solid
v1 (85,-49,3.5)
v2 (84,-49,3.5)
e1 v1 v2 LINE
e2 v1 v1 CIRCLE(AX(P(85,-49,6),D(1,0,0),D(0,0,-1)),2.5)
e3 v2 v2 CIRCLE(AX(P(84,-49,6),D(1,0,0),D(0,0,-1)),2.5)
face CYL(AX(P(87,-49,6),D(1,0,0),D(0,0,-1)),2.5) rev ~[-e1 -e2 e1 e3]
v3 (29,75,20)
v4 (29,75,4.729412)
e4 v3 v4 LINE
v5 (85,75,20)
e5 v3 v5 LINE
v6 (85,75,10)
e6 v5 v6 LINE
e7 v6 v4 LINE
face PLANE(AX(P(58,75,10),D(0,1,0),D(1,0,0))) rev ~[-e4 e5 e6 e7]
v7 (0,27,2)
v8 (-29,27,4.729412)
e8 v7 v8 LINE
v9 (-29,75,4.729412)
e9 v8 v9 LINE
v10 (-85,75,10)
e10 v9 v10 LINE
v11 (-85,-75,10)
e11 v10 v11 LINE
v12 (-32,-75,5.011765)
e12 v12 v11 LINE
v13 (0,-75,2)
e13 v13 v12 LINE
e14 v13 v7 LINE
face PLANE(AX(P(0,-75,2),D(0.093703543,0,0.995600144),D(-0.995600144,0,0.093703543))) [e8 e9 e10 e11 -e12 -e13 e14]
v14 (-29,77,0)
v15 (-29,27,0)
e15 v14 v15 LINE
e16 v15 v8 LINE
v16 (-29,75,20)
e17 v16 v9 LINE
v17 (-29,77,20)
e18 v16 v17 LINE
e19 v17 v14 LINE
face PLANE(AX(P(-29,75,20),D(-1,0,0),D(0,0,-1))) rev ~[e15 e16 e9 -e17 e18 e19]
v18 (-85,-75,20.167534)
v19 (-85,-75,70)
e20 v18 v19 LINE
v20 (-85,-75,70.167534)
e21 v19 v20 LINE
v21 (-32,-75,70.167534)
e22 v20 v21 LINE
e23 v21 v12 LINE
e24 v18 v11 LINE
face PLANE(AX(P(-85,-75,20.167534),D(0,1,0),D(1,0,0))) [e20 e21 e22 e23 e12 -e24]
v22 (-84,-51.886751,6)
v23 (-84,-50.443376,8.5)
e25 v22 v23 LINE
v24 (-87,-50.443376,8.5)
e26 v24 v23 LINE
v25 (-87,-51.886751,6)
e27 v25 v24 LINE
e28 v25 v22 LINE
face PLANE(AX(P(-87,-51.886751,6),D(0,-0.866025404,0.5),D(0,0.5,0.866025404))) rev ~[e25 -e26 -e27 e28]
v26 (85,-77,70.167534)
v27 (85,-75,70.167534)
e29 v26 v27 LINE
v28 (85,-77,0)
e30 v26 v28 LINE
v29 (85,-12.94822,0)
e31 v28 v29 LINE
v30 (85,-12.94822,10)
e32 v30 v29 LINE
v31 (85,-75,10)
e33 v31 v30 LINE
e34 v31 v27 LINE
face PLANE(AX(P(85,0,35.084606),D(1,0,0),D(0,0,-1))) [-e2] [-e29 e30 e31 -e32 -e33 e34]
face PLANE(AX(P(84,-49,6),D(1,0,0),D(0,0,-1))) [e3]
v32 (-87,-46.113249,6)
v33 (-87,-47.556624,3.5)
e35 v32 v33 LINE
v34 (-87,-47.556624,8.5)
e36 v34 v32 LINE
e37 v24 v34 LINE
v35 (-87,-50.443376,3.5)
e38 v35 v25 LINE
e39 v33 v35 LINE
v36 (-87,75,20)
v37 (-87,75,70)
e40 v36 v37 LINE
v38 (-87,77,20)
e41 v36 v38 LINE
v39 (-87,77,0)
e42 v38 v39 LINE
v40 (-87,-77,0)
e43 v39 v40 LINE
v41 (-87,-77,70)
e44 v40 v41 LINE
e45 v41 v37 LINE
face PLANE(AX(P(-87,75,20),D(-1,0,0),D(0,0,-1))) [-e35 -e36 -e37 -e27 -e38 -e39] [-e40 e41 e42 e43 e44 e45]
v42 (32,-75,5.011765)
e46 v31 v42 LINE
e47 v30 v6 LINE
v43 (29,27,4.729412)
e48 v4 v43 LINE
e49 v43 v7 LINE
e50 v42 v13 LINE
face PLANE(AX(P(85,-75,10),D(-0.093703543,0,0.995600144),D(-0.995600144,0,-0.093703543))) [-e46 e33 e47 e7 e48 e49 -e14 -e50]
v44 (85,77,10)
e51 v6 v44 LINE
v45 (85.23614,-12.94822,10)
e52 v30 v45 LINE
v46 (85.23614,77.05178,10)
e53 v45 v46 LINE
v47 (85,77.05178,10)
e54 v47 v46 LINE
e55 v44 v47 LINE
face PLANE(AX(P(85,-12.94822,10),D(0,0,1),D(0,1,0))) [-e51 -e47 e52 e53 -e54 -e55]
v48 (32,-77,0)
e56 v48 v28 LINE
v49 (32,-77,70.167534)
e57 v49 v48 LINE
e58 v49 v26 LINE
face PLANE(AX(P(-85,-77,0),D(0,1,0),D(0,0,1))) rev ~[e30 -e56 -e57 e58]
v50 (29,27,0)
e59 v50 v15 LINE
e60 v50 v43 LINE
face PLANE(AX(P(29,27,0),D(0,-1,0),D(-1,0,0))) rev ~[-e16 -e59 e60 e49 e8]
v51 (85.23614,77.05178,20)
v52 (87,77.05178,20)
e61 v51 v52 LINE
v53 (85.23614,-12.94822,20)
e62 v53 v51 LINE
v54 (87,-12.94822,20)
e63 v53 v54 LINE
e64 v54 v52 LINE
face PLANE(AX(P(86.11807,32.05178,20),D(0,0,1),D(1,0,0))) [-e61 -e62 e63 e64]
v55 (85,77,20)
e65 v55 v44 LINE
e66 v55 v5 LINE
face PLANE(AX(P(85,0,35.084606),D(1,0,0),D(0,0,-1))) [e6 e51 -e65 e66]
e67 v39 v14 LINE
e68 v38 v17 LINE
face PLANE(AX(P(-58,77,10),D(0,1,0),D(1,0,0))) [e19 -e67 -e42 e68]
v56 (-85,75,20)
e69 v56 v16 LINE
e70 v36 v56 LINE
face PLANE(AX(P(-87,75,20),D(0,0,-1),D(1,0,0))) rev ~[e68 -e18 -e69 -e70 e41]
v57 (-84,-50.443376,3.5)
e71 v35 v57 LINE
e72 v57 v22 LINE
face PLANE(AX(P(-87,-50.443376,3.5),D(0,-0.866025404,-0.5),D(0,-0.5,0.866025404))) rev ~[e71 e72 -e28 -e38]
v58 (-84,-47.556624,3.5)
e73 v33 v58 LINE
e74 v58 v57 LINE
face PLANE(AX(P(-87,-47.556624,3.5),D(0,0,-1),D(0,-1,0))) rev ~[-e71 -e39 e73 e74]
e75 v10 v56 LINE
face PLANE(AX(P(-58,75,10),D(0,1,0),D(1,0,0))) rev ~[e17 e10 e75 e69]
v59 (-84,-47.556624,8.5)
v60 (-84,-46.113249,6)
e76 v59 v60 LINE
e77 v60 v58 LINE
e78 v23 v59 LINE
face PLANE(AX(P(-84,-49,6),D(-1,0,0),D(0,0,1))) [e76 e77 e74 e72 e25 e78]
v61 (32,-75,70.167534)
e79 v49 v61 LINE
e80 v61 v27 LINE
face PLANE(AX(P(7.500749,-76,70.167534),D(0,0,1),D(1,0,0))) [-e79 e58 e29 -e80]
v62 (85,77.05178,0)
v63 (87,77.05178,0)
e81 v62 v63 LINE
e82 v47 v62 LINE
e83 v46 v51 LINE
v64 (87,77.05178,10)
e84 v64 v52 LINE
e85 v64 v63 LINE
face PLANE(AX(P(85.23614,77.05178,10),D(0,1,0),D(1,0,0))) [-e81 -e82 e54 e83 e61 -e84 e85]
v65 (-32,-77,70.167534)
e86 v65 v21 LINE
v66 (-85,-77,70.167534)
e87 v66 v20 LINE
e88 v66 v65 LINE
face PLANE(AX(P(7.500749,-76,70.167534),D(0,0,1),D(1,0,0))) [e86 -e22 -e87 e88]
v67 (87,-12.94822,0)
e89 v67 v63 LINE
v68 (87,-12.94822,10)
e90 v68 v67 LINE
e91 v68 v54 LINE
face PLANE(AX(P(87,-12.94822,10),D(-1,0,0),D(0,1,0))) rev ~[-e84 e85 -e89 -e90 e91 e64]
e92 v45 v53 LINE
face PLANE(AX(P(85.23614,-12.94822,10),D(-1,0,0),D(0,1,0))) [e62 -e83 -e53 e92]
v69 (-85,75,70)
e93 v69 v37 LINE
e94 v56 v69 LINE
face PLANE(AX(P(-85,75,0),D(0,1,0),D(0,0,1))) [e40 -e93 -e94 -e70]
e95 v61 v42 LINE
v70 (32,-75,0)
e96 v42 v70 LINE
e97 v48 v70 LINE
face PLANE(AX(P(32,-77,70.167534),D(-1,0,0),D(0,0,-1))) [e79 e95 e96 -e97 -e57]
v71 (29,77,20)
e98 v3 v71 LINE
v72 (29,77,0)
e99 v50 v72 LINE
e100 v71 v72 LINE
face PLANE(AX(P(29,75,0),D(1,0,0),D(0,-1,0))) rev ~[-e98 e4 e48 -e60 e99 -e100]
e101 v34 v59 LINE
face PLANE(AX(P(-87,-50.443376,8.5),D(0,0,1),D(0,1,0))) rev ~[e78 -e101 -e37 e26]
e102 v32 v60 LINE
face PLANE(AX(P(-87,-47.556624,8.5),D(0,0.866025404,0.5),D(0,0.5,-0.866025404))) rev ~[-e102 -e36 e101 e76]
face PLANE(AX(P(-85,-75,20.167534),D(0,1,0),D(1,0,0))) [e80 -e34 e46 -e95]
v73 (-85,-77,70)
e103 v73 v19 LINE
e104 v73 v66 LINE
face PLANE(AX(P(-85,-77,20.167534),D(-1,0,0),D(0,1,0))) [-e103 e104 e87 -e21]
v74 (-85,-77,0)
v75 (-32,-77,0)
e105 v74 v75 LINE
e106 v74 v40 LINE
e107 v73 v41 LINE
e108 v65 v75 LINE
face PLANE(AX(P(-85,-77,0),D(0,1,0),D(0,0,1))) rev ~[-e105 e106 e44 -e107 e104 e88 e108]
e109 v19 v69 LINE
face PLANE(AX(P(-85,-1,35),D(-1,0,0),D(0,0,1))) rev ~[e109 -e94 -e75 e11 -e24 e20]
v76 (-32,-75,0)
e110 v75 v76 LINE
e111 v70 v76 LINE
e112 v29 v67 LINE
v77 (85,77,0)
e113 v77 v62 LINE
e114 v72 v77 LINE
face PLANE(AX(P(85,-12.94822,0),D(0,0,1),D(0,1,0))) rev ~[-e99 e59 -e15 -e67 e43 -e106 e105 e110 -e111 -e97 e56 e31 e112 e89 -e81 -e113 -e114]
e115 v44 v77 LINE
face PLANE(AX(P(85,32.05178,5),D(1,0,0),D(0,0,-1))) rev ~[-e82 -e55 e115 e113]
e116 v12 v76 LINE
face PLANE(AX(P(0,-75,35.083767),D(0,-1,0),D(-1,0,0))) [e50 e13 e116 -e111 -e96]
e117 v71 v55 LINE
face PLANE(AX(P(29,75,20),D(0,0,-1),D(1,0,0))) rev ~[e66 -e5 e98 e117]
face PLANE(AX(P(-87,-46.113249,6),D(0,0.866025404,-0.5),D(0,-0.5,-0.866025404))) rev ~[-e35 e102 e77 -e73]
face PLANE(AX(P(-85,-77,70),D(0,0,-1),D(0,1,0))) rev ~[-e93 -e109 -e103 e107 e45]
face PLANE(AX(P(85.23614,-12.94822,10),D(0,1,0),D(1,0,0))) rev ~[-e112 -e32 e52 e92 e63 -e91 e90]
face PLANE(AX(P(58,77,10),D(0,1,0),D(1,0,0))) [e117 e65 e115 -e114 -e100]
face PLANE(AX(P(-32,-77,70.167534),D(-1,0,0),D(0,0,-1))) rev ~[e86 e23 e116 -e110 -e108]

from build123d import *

# Parameters (mm, degrees)
BOSS_EXTRU_1_DEPTH       = 10
ENL_V_MAT_EXTRU_1_DEPTH  = 173.699160392
ESQUISSE6_W              = 170
ESQUISSE6_H              = 20.167534305
BOSS_EXTRU_2_DEPTH       = 2
ESQUISSE8_W              = 185.001498893
ESQUISSE8_H              = 2
BOSS_EXTRU_3_DEPTH       = 50
ESQUISSE9_W              = 70
ESQUISSE9_H              = 152
BOSS_EXTRU_4_DEPTH       = 2
ESQUISSE10_W             = 69.947510153
ESQUISSE10_H             = 152
BOSS_EXTRU_5_DEPTH       = 2
ESQUISSE11_W             = 58
ESQUISSE11_H             = 20
BOSS_EXTRU_6_DEPTH       = 2
ESQUISSE19_W             = 64
ESQUISSE19_H             = 70.167534305
ENL_V_MAT_EXTRU_9_DEPTH  = 2
ESQUISSE24_R             = 2.5
ENL_V_MAT_EXTRU_10_DEPTH = 3
ENL_V_MAT_EXTRU_11_DEPTH = 3
ESQUISSE27_W             = 13.001498893
ESQUISSE27_H             = 50.044295801
ENL_V_MAT_EXTRU_12_DEPTH = 196.007134873
ESQUISSE28_W             = 70.169211379
ESQUISSE28_H             = 154
ENL_V_MAT_EXTRU_13_DEPTH = 2
ESQUISSE29_W             = 10
ESQUISSE29_H             = 90
BOSS_EXTRU_7_DEPTH       = 2
ESQUISSE30_W             = 1.763859519
ESQUISSE30_H             = 90
BOSS_EXTRU_8_DEPTH       = 10


with BuildPart() as part:
    # Esquisse1 → Boss.-Extru.1 (new body)
    with BuildSketch(Plane.XY):
        Polygon((-29, 27), (-29, 75), (-85, 75), (-85, -75), (85, -75), (85, 75), (29, 75), (29, 27), align=None)
    extrude(amount=BOSS_EXTRU_1_DEPTH)

    # Esquisse5 → Enlèv. mat.-Extru.1 (cut, through all)
    with BuildSketch(Plane.XZ.offset(75)):
        Polygon((-85, 10), (85, 10), (0, 2), align=None)
    extrude(amount=-ENL_V_MAT_EXTRU_1_DEPTH, mode=Mode.SUBTRACT)

    # Esquisse6 → Boss.-Extru.2 (add)
    with BuildSketch(Plane(origin=(0, -75, 0), x_dir=(-1, 0, 0), z_dir=(0, -1, 0))):
        with Locations((0, -10.083767153)):
            Rectangle(ESQUISSE6_W, ESQUISSE6_H)
    extrude(amount=BOSS_EXTRU_2_DEPTH)

    # Esquisse8 → Boss.-Extru.3 (add)
    with BuildSketch(Plane.XY.offset(20.167534305)):
        with Locations((7.500749447, -76)):
            Rectangle(ESQUISSE8_W, ESQUISSE8_H)
    extrude(amount=BOSS_EXTRU_3_DEPTH)

    # Esquisse9 → Boss.-Extru.4 (add)
    with BuildSketch(Plane.ZY.offset(85)):
        with Locations((35, -1)):
            Rectangle(ESQUISSE9_W, ESQUISSE9_H)
    extrude(amount=BOSS_EXTRU_4_DEPTH)

    # Esquisse10 → Boss.-Extru.5 (add)
    with BuildSketch(Plane(origin=(85, 0, 0), x_dir=(0, 0, -1), z_dir=(1, 0, 0))):
        with Locations((-34.973755077, -1)):
            Rectangle(ESQUISSE10_W, ESQUISSE10_H)
    extrude(amount=BOSS_EXTRU_5_DEPTH)

    # Esquisse11 → Boss.-Extru.6 (add)
    with BuildSketch(Plane(origin=(0, 75, 0), x_dir=(1, 0, 0), z_dir=(0, 1, 0))):
        with Locations((-58, -10)):
            Rectangle(ESQUISSE11_W, ESQUISSE11_H)
        with Locations((58, -10)):
            Rectangle(ESQUISSE11_W, ESQUISSE11_H)
    extrude(amount=BOSS_EXTRU_6_DEPTH)

    # Esquisse19 → Enlèv. mat.-Extru.9 (cut)
    with BuildSketch(Plane(origin=(0, -77, 0), x_dir=(-1, 0, 0), z_dir=(0, -1, 0))):
        with Locations((0, -35.083767153)):
            Rectangle(ESQUISSE19_W, ESQUISSE19_H)
    extrude(amount=-ENL_V_MAT_EXTRU_9_DEPTH, mode=Mode.SUBTRACT)

    # Esquisse24 → Enlèv. mat.-Extru.10 (cut)
    with BuildSketch(Plane(origin=(87, 0, 0), x_dir=(0, 0, -1), z_dir=(1, 0, 0))):
        with Locations((-6, -49)):
            Circle(ESQUISSE24_R)
    extrude(amount=-ENL_V_MAT_EXTRU_10_DEPTH, mode=Mode.SUBTRACT)

    # Esquisse25 → Enlèv. mat.-Extru.11 (cut)
    with BuildSketch(Plane.ZY.offset(87)):
        Polygon((6, -51.886751346), (8.5, -50.443375673), (8.5, -47.556624327), (6, -46.113248654), (3.5, -47.556624327), (3.5, -50.443375673), align=None)
    extrude(amount=-ENL_V_MAT_EXTRU_11_DEPTH, mode=Mode.SUBTRACT)

    # Esquisse27 → Enlèv. mat.-Extru.12 (cut, through all)
    with BuildSketch(Plane(origin=(0, -75, 0), x_dir=(1, 0, 0), z_dir=(0, 1, 0))):
        with Locations((93.500749447, -45.189682206)):
            Rectangle(ESQUISSE27_W, ESQUISSE27_H)
    extrude(amount=-ENL_V_MAT_EXTRU_12_DEPTH, mode=Mode.SUBTRACT)

    # Esquisse28 → Enlèv. mat.-Extru.13 (cut)
    with BuildSketch(Plane(origin=(87, 0, 0), x_dir=(0, 0, -1), z_dir=(1, 0, 0))):
        with Locations((-35.08460569, 0)):
            Rectangle(ESQUISSE28_W, ESQUISSE28_H)
    extrude(amount=-ENL_V_MAT_EXTRU_13_DEPTH, mode=Mode.SUBTRACT)

    # Esquisse29 → Boss.-Extru.7 (add)
    with BuildSketch(Plane(origin=(85, 0, 0), x_dir=(0, 0, -1), z_dir=(1, 0, 0))):
        with Locations((-5, 32.051779958)):
            Rectangle(ESQUISSE29_W, ESQUISSE29_H)
    extrude(amount=BOSS_EXTRU_7_DEPTH)

    # Esquisse30 → Boss.-Extru.8 (add)
    with BuildSketch(Plane.XY.offset(10)):
        with Locations((86.118070241, 32.051779958)):
            Rectangle(ESQUISSE30_W, ESQUISSE30_H)
    extrude(amount=BOSS_EXTRU_8_DEPTH)


solid = part.part
